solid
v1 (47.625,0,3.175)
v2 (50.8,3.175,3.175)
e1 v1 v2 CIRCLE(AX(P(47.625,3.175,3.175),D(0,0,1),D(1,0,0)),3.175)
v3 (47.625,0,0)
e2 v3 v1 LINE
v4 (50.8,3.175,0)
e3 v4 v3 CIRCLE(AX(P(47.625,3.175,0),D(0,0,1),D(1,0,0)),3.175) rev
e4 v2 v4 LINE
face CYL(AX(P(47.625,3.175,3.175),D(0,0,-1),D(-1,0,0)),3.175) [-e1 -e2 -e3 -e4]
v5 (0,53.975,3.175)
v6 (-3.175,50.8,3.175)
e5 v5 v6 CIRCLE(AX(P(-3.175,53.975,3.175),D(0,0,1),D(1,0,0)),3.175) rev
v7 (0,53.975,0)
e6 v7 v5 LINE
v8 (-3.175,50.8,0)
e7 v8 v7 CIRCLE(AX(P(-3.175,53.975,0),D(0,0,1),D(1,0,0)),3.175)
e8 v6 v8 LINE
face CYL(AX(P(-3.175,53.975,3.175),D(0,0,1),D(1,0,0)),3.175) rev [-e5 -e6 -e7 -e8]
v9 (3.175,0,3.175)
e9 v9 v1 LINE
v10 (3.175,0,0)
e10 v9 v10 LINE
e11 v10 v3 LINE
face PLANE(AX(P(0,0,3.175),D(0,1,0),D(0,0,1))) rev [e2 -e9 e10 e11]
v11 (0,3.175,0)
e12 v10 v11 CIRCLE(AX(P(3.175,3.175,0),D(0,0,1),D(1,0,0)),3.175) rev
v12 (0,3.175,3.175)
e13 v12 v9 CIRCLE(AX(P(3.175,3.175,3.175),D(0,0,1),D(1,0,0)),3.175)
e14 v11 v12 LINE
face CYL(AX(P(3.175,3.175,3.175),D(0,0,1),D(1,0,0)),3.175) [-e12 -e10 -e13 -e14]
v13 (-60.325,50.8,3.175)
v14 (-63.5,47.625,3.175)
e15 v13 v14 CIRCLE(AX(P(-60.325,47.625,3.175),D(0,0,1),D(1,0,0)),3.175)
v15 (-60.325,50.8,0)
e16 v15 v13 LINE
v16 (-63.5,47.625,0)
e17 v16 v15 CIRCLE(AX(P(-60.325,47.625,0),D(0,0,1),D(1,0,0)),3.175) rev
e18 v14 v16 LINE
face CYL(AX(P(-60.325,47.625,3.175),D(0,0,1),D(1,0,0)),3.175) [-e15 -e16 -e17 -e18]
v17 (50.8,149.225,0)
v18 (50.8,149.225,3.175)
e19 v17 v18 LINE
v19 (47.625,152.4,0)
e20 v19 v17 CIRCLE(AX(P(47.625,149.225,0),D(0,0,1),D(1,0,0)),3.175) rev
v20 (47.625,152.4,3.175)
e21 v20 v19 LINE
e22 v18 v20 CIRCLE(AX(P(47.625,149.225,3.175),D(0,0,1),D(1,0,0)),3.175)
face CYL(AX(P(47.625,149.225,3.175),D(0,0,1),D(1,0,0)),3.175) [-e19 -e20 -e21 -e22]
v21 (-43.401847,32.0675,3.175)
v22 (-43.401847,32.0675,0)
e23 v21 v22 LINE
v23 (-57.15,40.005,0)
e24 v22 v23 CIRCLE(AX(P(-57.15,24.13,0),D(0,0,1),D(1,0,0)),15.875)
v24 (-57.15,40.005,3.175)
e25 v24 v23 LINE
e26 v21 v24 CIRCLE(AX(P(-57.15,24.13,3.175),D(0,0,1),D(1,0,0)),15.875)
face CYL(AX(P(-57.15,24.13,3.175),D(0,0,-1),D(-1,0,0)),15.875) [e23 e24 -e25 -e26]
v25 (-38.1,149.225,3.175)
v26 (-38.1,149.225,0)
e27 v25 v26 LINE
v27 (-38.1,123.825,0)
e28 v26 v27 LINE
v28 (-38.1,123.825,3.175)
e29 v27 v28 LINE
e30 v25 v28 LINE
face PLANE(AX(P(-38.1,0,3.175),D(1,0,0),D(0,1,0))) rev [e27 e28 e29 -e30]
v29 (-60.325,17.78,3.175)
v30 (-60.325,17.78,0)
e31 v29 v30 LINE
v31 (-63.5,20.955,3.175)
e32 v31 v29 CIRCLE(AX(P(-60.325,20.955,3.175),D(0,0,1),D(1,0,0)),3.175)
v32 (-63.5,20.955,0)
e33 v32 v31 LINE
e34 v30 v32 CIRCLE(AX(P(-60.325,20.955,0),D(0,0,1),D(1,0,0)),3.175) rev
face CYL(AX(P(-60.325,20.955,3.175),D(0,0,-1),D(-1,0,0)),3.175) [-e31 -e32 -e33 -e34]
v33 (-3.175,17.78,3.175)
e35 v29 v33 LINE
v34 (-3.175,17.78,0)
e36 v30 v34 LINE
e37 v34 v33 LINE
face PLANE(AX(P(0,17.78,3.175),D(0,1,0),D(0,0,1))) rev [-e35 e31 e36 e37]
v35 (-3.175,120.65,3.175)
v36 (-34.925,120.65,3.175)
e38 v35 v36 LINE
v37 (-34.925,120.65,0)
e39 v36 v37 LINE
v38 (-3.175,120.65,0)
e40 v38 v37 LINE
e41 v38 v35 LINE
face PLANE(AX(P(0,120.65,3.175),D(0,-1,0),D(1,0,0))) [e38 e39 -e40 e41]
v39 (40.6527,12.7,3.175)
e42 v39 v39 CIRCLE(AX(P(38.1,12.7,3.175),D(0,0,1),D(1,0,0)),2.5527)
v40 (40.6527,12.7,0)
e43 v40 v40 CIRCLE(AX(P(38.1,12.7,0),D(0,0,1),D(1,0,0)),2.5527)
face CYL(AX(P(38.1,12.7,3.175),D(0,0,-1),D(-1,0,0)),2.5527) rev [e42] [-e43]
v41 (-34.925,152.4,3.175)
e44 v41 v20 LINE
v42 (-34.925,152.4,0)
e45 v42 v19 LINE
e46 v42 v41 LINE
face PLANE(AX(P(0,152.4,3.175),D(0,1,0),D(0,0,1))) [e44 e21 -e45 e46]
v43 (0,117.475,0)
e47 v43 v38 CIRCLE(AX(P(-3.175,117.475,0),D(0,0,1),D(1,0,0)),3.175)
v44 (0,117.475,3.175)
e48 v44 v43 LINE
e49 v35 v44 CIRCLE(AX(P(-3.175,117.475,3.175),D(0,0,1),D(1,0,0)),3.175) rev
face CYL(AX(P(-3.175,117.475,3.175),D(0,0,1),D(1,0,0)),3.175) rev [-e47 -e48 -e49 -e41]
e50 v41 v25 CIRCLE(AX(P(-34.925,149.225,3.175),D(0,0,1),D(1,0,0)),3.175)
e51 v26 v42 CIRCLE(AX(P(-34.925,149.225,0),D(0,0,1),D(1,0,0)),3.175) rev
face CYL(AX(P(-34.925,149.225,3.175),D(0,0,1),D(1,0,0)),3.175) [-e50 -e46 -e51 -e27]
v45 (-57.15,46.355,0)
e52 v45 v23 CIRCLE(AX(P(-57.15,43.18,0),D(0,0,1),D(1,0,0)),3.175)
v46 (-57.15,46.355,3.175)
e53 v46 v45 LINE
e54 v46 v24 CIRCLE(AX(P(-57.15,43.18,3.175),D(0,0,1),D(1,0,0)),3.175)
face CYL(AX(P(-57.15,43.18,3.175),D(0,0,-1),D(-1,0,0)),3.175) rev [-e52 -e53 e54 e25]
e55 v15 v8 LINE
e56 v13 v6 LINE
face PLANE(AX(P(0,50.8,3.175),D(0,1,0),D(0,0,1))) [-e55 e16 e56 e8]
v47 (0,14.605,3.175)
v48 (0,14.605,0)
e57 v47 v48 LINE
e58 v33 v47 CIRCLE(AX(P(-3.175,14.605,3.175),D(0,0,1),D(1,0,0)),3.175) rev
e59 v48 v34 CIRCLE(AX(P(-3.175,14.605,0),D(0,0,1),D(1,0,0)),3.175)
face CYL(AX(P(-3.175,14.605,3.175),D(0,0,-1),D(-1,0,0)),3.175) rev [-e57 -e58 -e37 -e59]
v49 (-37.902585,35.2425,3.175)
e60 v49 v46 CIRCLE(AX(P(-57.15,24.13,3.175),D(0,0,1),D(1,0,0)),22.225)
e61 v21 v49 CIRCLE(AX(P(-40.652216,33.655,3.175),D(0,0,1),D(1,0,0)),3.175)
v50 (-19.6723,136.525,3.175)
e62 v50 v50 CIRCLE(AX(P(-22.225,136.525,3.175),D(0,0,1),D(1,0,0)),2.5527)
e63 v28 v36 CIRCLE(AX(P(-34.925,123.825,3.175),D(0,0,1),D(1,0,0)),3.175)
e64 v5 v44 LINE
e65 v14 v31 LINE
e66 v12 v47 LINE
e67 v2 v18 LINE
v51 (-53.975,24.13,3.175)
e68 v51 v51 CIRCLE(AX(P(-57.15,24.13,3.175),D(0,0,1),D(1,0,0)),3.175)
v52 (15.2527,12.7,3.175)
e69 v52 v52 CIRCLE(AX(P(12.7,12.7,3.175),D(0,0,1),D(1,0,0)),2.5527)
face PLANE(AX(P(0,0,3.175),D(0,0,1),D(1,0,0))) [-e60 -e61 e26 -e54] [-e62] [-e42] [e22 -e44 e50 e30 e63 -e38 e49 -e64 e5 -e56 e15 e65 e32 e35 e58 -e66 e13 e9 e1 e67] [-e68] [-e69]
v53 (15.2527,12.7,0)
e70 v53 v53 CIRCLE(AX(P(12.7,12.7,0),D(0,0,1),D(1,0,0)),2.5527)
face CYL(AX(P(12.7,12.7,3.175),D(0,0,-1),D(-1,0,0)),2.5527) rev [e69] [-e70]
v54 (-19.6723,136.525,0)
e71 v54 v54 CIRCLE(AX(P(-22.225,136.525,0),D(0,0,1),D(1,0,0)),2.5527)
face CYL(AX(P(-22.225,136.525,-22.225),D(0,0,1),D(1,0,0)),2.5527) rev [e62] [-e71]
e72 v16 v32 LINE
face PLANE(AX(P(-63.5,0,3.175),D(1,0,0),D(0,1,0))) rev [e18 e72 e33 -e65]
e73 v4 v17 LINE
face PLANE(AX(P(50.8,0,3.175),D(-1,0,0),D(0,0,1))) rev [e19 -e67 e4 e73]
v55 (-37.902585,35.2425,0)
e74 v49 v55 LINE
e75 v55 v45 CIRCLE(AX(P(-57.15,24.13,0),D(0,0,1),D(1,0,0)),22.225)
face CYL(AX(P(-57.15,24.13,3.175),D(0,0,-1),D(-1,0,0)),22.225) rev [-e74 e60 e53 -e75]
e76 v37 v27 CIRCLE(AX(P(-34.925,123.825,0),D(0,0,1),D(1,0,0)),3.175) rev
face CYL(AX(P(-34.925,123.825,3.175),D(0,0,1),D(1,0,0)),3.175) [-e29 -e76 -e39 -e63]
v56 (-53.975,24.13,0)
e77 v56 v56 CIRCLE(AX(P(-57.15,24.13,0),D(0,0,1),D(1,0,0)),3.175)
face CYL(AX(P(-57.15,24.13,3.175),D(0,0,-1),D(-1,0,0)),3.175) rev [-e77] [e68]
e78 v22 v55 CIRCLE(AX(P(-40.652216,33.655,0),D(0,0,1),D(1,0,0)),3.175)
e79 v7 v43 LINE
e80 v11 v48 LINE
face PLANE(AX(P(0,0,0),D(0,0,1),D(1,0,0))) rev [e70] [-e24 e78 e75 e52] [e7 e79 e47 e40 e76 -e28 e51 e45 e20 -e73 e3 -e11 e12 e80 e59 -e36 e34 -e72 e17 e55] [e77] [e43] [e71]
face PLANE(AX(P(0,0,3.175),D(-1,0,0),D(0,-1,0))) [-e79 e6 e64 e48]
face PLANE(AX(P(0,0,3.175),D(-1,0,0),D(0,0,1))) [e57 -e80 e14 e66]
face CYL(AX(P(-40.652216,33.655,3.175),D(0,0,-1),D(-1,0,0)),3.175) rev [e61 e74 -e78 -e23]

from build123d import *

# Parameters (mm, degrees)
SKETCH1_R           = 3.175
SKETCH1_R_2         = 2.5527
BOSS_EXTRUDE1_DEPTH = 3.175
BOSS_EXTRUDE2_DEPTH = 3.175
FILLET1_R           = 3.175
SKETCH2_R           = 2.5527
CUT_EXTRUDE1_DEPTH  = 25.4


with BuildPart() as part:
    # Sketch1 → Boss-Extrude1 (new body)
    with BuildSketch(Plane.XY):
        Polygon((-63.5, 17.78), (0, 17.78), (0, 0), (50.8, 0), (50.8, 50.8), (-63.5, 50.8), align=None)
        with Locations((-57.15, 24.13)):
            Circle(SKETCH1_R, mode=Mode.SUBTRACT)
        with BuildLine():
            ThreePointArc((-57.15, 46.355), (-46.0375, 43.377414599), (-37.902585401, 35.2425))
            ThreePointArc((-37.902585401, 35.2425), (-39.064716058, 30.905369343), (-43.401846715, 32.0675))
            ThreePointArc((-43.401846715, 32.0675), (-49.2125, 37.878153285), (-57.15, 40.005))
            ThreePointArc((-57.15, 40.005), (-60.325, 43.18), (-57.15, 46.355))
        make_face(mode=Mode.SUBTRACT)
        with Locations((38.1, 12.7)):
            Circle(SKETCH1_R_2, mode=Mode.SUBTRACT)
        with Locations((12.7, 12.7)):
            Circle(SKETCH1_R_2, mode=Mode.SUBTRACT)
    extrude(amount=BOSS_EXTRUDE1_DEPTH)

    # Sketch1<4> → Boss-Extrude2 (add)
    with BuildSketch(Plane.XY):
        Polygon((0, 120.65), (0, 50.8), (50.8, 50.8), (50.8, 152.4), (-38.1, 152.4), (-38.1, 120.65), align=None)
    extrude(amount=BOSS_EXTRUDE2_DEPTH)

    # Fillet1
    fillet1_edges = [part.edges().sort_by_distance(p)[0] for p in [
        (50.8, 152.4, 1.5875),
        (50.8, 0, 1.5875),
        (0, 0, 1.5875),
        (0, 17.78, 1.5875),
        (-63.5, 17.78, 1.5875),
        (-63.5, 50.8, 1.5875),
        (0, 50.8, 1.5875),
        (0, 120.65, 1.5875),
        (-38.1, 120.65, 1.5875),
        (-38.1, 152.4, 1.5875),
    ]]
    fillet(fillet1_edges, radius=FILLET1_R)

    # Sketch2 → Cut-Extrude1 (cut)
    with BuildSketch(Plane.XY.offset(3.175)):
        with Locations((-22.225, 136.525)):
            Circle(SKETCH2_R)
    extrude(amount=-CUT_EXTRUDE1_DEPTH, mode=Mode.SUBTRACT)


solid = part.part
